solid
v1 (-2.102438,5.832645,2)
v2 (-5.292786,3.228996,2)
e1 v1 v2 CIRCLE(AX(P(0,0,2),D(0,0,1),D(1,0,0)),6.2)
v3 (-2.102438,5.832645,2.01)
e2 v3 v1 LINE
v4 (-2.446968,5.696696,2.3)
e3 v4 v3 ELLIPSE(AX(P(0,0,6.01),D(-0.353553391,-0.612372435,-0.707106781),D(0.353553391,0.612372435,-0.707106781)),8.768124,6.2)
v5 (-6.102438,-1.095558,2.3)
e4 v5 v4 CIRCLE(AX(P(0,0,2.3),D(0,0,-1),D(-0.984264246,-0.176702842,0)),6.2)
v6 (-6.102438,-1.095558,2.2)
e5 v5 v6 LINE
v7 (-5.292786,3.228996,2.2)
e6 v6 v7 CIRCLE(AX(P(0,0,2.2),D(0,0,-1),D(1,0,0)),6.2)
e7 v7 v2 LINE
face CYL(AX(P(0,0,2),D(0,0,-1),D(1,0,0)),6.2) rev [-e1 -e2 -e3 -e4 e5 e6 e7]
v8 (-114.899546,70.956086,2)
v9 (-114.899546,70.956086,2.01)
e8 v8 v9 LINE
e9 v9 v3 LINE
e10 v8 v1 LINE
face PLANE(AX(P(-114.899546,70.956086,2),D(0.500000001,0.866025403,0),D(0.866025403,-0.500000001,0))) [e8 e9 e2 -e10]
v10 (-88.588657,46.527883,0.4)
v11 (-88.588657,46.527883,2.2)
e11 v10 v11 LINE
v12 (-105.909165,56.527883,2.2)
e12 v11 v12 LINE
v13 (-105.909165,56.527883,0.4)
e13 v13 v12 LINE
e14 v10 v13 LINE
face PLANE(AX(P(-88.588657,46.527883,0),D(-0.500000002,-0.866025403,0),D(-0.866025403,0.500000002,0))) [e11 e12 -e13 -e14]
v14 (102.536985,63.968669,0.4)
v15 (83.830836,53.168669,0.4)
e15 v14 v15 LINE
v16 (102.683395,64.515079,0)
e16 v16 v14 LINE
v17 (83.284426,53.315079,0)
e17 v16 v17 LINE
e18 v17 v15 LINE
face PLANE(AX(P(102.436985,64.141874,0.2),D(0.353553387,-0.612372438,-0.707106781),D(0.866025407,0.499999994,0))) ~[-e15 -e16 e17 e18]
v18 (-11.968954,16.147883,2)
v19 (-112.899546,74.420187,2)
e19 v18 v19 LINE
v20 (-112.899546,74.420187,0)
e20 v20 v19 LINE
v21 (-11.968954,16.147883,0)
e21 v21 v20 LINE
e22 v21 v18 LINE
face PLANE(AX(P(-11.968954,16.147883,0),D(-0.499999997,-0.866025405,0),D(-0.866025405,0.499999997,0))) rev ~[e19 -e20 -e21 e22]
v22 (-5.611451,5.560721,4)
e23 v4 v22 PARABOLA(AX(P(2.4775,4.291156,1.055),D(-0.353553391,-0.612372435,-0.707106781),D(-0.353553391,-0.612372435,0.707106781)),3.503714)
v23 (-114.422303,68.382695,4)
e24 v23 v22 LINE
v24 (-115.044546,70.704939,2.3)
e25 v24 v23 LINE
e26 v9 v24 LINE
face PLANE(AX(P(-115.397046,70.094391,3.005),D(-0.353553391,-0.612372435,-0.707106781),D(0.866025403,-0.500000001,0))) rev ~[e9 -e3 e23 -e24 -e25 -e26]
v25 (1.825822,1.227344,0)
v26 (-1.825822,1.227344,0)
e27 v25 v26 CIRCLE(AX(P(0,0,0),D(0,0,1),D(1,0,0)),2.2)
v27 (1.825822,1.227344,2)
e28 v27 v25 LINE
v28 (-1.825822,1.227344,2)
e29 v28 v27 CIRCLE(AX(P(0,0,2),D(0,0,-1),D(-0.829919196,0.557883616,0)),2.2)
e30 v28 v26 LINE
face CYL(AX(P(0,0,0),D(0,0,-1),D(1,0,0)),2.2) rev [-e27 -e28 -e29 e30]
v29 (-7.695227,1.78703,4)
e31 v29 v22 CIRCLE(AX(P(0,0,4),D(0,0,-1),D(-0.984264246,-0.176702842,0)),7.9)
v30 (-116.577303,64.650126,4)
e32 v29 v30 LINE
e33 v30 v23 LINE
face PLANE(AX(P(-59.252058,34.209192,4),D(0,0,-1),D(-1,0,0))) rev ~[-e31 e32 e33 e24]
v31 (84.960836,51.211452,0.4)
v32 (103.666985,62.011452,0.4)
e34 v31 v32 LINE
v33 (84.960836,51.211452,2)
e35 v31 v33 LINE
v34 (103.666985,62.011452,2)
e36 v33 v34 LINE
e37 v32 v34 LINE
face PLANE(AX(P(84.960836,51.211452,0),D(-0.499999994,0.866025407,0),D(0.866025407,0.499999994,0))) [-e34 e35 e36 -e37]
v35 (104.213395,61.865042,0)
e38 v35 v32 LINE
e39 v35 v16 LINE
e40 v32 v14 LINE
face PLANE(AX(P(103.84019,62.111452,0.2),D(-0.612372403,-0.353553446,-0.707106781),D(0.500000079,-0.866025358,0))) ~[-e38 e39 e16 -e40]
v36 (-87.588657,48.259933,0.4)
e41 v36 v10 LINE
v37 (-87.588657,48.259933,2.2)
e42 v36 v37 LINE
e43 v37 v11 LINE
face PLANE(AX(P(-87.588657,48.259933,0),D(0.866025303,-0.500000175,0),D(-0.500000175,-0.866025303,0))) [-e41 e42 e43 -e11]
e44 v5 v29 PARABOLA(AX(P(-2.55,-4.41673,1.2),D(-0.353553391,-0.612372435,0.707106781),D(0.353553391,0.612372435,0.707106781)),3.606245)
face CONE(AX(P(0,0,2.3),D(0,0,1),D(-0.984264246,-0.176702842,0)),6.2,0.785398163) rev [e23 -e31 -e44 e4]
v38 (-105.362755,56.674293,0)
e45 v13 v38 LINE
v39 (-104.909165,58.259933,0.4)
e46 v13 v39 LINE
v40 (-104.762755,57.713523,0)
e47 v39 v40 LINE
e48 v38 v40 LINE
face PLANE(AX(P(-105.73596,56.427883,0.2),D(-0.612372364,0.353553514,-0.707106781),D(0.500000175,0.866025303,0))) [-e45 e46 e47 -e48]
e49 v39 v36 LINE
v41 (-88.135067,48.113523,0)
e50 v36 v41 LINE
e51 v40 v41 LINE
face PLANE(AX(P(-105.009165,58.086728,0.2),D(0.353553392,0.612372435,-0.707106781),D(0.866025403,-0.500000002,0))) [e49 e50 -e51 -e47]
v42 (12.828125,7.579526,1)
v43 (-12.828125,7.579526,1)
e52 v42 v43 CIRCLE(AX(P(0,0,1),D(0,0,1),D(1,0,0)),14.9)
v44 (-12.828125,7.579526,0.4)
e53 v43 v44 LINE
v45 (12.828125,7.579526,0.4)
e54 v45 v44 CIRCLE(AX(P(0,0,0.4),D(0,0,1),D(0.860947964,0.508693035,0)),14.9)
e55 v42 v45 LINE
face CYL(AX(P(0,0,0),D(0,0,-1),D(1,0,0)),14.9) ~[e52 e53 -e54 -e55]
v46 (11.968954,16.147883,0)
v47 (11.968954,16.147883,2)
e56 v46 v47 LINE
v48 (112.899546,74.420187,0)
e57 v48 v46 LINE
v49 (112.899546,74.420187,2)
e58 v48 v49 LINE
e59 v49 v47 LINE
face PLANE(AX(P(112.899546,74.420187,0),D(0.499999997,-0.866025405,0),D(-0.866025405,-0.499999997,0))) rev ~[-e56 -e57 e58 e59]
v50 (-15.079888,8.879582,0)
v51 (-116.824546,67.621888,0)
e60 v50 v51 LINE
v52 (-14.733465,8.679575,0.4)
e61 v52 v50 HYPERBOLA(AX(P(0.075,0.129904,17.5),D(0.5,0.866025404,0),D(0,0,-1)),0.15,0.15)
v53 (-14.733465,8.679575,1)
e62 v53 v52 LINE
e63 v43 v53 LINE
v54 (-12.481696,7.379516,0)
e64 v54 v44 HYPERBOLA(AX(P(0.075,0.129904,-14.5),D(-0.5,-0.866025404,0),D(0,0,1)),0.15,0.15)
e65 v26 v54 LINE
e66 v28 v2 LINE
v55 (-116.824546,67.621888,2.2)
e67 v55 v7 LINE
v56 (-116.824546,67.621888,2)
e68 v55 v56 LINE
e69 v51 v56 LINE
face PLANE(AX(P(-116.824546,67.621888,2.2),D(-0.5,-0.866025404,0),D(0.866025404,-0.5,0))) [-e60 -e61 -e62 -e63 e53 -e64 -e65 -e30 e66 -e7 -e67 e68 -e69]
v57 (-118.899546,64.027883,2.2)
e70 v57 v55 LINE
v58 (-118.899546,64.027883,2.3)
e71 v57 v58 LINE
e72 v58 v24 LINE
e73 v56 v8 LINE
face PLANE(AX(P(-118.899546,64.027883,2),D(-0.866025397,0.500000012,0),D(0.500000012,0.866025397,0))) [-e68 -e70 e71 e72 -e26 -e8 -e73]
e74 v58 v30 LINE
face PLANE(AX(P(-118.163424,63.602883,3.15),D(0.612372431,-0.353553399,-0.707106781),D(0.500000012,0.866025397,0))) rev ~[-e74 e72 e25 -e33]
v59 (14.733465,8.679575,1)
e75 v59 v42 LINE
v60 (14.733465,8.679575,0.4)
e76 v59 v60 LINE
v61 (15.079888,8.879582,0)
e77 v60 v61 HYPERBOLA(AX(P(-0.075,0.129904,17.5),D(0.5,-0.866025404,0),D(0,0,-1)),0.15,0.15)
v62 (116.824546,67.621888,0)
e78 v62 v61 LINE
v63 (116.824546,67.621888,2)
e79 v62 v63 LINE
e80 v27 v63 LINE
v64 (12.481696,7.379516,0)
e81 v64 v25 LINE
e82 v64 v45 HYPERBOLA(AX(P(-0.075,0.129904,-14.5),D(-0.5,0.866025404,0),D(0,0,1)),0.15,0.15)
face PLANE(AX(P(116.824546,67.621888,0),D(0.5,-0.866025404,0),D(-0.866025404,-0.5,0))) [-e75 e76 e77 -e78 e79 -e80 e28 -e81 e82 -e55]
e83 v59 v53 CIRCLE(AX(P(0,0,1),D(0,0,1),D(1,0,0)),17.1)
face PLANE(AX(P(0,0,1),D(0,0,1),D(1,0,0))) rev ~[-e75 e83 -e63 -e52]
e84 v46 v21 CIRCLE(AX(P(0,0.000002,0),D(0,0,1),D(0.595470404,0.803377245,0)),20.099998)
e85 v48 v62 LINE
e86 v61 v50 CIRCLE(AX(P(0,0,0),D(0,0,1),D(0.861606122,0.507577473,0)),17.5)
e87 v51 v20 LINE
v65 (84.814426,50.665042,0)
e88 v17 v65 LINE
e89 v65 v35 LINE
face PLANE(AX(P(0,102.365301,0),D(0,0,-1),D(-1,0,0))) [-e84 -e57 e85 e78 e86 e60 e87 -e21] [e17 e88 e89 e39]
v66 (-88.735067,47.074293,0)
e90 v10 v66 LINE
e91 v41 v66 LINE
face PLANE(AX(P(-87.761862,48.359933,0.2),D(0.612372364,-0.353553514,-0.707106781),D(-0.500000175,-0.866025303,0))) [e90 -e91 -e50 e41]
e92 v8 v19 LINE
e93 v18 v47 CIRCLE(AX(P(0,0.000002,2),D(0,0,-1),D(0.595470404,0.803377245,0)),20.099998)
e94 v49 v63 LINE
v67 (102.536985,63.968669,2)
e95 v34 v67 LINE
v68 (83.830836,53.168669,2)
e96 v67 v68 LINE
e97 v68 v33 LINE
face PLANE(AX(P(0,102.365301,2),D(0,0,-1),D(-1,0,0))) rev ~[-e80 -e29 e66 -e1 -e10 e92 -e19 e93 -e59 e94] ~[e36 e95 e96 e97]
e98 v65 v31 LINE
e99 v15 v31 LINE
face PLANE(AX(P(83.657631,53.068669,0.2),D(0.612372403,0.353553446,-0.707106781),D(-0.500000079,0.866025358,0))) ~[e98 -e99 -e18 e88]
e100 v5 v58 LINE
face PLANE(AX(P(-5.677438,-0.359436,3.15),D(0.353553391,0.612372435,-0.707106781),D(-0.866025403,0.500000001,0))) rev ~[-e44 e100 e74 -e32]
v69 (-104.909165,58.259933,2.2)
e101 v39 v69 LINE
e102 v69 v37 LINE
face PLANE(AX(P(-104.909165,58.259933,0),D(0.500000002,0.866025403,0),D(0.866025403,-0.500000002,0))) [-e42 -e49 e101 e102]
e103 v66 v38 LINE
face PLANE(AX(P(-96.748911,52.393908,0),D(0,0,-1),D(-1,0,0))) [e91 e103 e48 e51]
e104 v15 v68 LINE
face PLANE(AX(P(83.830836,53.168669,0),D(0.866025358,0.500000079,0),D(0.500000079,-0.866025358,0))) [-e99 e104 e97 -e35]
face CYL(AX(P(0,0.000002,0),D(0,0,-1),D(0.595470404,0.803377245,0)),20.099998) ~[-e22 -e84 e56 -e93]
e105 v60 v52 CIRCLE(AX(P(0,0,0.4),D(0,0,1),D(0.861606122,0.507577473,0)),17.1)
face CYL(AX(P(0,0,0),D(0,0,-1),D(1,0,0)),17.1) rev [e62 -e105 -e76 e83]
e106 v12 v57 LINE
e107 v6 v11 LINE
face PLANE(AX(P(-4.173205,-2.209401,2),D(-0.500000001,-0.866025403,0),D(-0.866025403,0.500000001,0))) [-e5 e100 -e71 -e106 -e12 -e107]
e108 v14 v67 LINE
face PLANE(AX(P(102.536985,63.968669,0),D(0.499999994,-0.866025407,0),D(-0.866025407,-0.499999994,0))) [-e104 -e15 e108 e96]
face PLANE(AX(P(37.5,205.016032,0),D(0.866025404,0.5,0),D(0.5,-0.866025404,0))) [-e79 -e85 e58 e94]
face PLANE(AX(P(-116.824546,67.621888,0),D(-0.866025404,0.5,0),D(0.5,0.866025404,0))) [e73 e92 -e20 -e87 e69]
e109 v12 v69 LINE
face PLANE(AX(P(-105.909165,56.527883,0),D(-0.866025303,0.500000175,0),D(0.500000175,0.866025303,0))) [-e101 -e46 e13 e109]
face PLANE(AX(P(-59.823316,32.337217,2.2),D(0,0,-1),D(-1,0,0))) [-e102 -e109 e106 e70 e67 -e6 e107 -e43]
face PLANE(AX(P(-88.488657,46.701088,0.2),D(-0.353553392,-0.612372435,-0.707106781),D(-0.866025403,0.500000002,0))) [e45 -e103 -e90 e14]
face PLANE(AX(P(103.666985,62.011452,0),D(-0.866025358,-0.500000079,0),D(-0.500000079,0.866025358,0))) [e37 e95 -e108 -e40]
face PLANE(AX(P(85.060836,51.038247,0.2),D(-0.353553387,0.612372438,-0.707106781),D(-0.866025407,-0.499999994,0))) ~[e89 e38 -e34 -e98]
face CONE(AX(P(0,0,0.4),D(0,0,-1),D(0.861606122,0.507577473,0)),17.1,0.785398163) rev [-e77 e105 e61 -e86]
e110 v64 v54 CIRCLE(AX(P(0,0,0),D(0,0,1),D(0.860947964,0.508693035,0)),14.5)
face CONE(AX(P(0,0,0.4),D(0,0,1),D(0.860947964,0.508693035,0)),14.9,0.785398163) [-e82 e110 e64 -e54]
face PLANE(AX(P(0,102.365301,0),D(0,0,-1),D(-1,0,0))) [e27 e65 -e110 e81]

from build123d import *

# Parameters (mm, degrees)
SKETCH002_R     = 2.6
PAD001_DEPTH    = 2
PAD002_DEPTH    = 2
POCKET003_DEPTH = 2.201
PAD003_DEPTH    = 2.2
POCKET004_DEPTH = 4.001
SKETCH006_R     = 17.1
SKETCH006_R_2   = 14.9
POCKET002_DEPTH = 1
CHAMFER002_SIZE = 0.4
CHAMFER_SIZE    = 1.99
SKETCH004_R     = 2.2
POCKET_DEPTH    = 4.001
SKETCH005_R     = 6.2
POCKET001_DEPTH = 2.001
SKETCH010_R     = 4
POCKET005_DEPTH = 1
CHAMFER001_SIZE = 1.7
POCKET006_DEPTH = 5


with BuildPart() as part:
    # Sketch002 → Pad001 (new body)
    with BuildSketch(Plane.XY):
        Polygon((-116.824546, 67.621888), (-37.5, 205.016032), (37.5, 205.016032), (116.824546, 67.621888), (0, 0.173205), align=None)
        with Locations((-51.370835, 167.991041)):
            Circle(SKETCH002_R, mode=Mode.SUBTRACT)
        with Locations((51.370835, 167.991041)):
            Circle(SKETCH002_R, mode=Mode.SUBTRACT)
    extrude(amount=PAD001_DEPTH)

    # Sketch003 → Pad002 (join)
    with BuildSketch(Plane.XY.offset(2)):
        Polygon((-118.899546, 64.027883), (-114.899546, 70.956086), (-0.173205, 4.718802), (-0.173205, 0.1), (-4.173205, -2.209401), align=None)
    extrude(amount=PAD002_DEPTH)

    # Sketch007 → Pocket003 (cut, through all)
    with BuildSketch(Plane.XY.offset(2.2)):
        Polygon((-116.824546, 67.621888), (0, 0.173205), (-4.173205, -2.209401), (-118.899546, 64.027883), align=None)
    extrude(amount=-POCKET003_DEPTH, mode=Mode.SUBTRACT)

    # Sketch008 → Pad003 (join)
    with BuildSketch(Plane.XY):
        Polygon((-104.909165, 58.259933), (-87.588657, 48.259933), (-88.588657, 46.527883), (-105.909165, 56.527883), align=None)
    extrude(amount=PAD003_DEPTH)

    # Sketch009 → Pocket004 (cut, through all)
    with BuildSketch(Plane.XY):
        Polygon((83.830836, 53.168669), (84.960836, 51.211452), (103.666985, 62.011452), (102.536985, 63.968669), align=None)
    extrude(amount=POCKET004_DEPTH, mode=Mode.SUBTRACT)

    # Sketch006 → Pocket002 (cut)
    with BuildSketch(Plane.XY):
        Circle(SKETCH006_R)
        Circle(SKETCH006_R_2, mode=Mode.SUBTRACT)
    extrude(amount=POCKET002_DEPTH, mode=Mode.SUBTRACT)

    # Chamfer002
    chamfer002_edges = [part.edges().sort_by_distance(p)[0] for p in [
        (-96.248911, 53.259933, 0),
        (-88.088657, 47.393908, 0),
        (-97.248911, 51.527883, 0),
        (-105.409165, 57.393908, 0),
        (94.313911, 56.611452, 0),
        (103.101985, 62.99006, 0),
        (93.183911, 58.568669, 0),
        (84.395836, 52.19006, 0),
        (0, 14.9, 0),
        (0, 17.1, 0),
    ]]
    chamfer(chamfer002_edges, length=CHAMFER002_SIZE)

    # Chamfer
    chamfer_edges = [part.edges().sort_by_distance(p)[0] for p in [
        (-57.536375, 37.837444, 4),
    ]]
    chamfer(chamfer_edges, length=CHAMFER_SIZE)

    # Sketch004 → Pocket (cut, through all)
    with BuildSketch(Plane.XY):
        Circle(SKETCH004_R)
    extrude(amount=POCKET_DEPTH, mode=Mode.SUBTRACT)

    # Sketch005 → Pocket001 (cut, through all)
    with BuildSketch(Plane.XY.offset(2)):
        Circle(SKETCH005_R)
    extrude(amount=POCKET001_DEPTH, mode=Mode.SUBTRACT)

    # Sketch010 → Pocket005 (cut)
    with BuildSketch(Plane.XY.offset(2)):
        with Locations((-51.370835, 167.991041)):
            Circle(SKETCH010_R)
        with Locations((51.370835, 167.991041)):
            Circle(SKETCH010_R)
    extrude(amount=-POCKET005_DEPTH, mode=Mode.SUBTRACT)

    # Chamfer001
    chamfer001_edges = [part.edges().sort_by_distance(p)[0] for p in [
        (-5.849077, 2.056283, 4),
        (-62.500992, 31.466162, 4),
        (-117.397046, 66.630289, 4),
    ]]
    chamfer(chamfer001_edges, length=CHAMFER001_SIZE)

    # Sketch011 → Pocket006 (cut)
    with BuildSketch(Plane.XY):
        with BuildLine():
            Line((-112.899546, 74.420187), (-37.5, 205.016032))
            Line((-37.5, 205.016032), (37.5, 205.016032))
            Line((37.5, 205.016032), (112.899546, 74.420187))
            Line((112.899546, 74.420187), (11.968954, 16.147883))
            ThreePointArc((11.968954, 16.147883), (0, 20.1), (-11.968954, 16.147883))
            Line((-11.968954, 16.147883), (-112.899546, 74.420187))
        make_face()
    extrude(amount=POCKET006_DEPTH, mode=Mode.SUBTRACT)


solid = part.part
